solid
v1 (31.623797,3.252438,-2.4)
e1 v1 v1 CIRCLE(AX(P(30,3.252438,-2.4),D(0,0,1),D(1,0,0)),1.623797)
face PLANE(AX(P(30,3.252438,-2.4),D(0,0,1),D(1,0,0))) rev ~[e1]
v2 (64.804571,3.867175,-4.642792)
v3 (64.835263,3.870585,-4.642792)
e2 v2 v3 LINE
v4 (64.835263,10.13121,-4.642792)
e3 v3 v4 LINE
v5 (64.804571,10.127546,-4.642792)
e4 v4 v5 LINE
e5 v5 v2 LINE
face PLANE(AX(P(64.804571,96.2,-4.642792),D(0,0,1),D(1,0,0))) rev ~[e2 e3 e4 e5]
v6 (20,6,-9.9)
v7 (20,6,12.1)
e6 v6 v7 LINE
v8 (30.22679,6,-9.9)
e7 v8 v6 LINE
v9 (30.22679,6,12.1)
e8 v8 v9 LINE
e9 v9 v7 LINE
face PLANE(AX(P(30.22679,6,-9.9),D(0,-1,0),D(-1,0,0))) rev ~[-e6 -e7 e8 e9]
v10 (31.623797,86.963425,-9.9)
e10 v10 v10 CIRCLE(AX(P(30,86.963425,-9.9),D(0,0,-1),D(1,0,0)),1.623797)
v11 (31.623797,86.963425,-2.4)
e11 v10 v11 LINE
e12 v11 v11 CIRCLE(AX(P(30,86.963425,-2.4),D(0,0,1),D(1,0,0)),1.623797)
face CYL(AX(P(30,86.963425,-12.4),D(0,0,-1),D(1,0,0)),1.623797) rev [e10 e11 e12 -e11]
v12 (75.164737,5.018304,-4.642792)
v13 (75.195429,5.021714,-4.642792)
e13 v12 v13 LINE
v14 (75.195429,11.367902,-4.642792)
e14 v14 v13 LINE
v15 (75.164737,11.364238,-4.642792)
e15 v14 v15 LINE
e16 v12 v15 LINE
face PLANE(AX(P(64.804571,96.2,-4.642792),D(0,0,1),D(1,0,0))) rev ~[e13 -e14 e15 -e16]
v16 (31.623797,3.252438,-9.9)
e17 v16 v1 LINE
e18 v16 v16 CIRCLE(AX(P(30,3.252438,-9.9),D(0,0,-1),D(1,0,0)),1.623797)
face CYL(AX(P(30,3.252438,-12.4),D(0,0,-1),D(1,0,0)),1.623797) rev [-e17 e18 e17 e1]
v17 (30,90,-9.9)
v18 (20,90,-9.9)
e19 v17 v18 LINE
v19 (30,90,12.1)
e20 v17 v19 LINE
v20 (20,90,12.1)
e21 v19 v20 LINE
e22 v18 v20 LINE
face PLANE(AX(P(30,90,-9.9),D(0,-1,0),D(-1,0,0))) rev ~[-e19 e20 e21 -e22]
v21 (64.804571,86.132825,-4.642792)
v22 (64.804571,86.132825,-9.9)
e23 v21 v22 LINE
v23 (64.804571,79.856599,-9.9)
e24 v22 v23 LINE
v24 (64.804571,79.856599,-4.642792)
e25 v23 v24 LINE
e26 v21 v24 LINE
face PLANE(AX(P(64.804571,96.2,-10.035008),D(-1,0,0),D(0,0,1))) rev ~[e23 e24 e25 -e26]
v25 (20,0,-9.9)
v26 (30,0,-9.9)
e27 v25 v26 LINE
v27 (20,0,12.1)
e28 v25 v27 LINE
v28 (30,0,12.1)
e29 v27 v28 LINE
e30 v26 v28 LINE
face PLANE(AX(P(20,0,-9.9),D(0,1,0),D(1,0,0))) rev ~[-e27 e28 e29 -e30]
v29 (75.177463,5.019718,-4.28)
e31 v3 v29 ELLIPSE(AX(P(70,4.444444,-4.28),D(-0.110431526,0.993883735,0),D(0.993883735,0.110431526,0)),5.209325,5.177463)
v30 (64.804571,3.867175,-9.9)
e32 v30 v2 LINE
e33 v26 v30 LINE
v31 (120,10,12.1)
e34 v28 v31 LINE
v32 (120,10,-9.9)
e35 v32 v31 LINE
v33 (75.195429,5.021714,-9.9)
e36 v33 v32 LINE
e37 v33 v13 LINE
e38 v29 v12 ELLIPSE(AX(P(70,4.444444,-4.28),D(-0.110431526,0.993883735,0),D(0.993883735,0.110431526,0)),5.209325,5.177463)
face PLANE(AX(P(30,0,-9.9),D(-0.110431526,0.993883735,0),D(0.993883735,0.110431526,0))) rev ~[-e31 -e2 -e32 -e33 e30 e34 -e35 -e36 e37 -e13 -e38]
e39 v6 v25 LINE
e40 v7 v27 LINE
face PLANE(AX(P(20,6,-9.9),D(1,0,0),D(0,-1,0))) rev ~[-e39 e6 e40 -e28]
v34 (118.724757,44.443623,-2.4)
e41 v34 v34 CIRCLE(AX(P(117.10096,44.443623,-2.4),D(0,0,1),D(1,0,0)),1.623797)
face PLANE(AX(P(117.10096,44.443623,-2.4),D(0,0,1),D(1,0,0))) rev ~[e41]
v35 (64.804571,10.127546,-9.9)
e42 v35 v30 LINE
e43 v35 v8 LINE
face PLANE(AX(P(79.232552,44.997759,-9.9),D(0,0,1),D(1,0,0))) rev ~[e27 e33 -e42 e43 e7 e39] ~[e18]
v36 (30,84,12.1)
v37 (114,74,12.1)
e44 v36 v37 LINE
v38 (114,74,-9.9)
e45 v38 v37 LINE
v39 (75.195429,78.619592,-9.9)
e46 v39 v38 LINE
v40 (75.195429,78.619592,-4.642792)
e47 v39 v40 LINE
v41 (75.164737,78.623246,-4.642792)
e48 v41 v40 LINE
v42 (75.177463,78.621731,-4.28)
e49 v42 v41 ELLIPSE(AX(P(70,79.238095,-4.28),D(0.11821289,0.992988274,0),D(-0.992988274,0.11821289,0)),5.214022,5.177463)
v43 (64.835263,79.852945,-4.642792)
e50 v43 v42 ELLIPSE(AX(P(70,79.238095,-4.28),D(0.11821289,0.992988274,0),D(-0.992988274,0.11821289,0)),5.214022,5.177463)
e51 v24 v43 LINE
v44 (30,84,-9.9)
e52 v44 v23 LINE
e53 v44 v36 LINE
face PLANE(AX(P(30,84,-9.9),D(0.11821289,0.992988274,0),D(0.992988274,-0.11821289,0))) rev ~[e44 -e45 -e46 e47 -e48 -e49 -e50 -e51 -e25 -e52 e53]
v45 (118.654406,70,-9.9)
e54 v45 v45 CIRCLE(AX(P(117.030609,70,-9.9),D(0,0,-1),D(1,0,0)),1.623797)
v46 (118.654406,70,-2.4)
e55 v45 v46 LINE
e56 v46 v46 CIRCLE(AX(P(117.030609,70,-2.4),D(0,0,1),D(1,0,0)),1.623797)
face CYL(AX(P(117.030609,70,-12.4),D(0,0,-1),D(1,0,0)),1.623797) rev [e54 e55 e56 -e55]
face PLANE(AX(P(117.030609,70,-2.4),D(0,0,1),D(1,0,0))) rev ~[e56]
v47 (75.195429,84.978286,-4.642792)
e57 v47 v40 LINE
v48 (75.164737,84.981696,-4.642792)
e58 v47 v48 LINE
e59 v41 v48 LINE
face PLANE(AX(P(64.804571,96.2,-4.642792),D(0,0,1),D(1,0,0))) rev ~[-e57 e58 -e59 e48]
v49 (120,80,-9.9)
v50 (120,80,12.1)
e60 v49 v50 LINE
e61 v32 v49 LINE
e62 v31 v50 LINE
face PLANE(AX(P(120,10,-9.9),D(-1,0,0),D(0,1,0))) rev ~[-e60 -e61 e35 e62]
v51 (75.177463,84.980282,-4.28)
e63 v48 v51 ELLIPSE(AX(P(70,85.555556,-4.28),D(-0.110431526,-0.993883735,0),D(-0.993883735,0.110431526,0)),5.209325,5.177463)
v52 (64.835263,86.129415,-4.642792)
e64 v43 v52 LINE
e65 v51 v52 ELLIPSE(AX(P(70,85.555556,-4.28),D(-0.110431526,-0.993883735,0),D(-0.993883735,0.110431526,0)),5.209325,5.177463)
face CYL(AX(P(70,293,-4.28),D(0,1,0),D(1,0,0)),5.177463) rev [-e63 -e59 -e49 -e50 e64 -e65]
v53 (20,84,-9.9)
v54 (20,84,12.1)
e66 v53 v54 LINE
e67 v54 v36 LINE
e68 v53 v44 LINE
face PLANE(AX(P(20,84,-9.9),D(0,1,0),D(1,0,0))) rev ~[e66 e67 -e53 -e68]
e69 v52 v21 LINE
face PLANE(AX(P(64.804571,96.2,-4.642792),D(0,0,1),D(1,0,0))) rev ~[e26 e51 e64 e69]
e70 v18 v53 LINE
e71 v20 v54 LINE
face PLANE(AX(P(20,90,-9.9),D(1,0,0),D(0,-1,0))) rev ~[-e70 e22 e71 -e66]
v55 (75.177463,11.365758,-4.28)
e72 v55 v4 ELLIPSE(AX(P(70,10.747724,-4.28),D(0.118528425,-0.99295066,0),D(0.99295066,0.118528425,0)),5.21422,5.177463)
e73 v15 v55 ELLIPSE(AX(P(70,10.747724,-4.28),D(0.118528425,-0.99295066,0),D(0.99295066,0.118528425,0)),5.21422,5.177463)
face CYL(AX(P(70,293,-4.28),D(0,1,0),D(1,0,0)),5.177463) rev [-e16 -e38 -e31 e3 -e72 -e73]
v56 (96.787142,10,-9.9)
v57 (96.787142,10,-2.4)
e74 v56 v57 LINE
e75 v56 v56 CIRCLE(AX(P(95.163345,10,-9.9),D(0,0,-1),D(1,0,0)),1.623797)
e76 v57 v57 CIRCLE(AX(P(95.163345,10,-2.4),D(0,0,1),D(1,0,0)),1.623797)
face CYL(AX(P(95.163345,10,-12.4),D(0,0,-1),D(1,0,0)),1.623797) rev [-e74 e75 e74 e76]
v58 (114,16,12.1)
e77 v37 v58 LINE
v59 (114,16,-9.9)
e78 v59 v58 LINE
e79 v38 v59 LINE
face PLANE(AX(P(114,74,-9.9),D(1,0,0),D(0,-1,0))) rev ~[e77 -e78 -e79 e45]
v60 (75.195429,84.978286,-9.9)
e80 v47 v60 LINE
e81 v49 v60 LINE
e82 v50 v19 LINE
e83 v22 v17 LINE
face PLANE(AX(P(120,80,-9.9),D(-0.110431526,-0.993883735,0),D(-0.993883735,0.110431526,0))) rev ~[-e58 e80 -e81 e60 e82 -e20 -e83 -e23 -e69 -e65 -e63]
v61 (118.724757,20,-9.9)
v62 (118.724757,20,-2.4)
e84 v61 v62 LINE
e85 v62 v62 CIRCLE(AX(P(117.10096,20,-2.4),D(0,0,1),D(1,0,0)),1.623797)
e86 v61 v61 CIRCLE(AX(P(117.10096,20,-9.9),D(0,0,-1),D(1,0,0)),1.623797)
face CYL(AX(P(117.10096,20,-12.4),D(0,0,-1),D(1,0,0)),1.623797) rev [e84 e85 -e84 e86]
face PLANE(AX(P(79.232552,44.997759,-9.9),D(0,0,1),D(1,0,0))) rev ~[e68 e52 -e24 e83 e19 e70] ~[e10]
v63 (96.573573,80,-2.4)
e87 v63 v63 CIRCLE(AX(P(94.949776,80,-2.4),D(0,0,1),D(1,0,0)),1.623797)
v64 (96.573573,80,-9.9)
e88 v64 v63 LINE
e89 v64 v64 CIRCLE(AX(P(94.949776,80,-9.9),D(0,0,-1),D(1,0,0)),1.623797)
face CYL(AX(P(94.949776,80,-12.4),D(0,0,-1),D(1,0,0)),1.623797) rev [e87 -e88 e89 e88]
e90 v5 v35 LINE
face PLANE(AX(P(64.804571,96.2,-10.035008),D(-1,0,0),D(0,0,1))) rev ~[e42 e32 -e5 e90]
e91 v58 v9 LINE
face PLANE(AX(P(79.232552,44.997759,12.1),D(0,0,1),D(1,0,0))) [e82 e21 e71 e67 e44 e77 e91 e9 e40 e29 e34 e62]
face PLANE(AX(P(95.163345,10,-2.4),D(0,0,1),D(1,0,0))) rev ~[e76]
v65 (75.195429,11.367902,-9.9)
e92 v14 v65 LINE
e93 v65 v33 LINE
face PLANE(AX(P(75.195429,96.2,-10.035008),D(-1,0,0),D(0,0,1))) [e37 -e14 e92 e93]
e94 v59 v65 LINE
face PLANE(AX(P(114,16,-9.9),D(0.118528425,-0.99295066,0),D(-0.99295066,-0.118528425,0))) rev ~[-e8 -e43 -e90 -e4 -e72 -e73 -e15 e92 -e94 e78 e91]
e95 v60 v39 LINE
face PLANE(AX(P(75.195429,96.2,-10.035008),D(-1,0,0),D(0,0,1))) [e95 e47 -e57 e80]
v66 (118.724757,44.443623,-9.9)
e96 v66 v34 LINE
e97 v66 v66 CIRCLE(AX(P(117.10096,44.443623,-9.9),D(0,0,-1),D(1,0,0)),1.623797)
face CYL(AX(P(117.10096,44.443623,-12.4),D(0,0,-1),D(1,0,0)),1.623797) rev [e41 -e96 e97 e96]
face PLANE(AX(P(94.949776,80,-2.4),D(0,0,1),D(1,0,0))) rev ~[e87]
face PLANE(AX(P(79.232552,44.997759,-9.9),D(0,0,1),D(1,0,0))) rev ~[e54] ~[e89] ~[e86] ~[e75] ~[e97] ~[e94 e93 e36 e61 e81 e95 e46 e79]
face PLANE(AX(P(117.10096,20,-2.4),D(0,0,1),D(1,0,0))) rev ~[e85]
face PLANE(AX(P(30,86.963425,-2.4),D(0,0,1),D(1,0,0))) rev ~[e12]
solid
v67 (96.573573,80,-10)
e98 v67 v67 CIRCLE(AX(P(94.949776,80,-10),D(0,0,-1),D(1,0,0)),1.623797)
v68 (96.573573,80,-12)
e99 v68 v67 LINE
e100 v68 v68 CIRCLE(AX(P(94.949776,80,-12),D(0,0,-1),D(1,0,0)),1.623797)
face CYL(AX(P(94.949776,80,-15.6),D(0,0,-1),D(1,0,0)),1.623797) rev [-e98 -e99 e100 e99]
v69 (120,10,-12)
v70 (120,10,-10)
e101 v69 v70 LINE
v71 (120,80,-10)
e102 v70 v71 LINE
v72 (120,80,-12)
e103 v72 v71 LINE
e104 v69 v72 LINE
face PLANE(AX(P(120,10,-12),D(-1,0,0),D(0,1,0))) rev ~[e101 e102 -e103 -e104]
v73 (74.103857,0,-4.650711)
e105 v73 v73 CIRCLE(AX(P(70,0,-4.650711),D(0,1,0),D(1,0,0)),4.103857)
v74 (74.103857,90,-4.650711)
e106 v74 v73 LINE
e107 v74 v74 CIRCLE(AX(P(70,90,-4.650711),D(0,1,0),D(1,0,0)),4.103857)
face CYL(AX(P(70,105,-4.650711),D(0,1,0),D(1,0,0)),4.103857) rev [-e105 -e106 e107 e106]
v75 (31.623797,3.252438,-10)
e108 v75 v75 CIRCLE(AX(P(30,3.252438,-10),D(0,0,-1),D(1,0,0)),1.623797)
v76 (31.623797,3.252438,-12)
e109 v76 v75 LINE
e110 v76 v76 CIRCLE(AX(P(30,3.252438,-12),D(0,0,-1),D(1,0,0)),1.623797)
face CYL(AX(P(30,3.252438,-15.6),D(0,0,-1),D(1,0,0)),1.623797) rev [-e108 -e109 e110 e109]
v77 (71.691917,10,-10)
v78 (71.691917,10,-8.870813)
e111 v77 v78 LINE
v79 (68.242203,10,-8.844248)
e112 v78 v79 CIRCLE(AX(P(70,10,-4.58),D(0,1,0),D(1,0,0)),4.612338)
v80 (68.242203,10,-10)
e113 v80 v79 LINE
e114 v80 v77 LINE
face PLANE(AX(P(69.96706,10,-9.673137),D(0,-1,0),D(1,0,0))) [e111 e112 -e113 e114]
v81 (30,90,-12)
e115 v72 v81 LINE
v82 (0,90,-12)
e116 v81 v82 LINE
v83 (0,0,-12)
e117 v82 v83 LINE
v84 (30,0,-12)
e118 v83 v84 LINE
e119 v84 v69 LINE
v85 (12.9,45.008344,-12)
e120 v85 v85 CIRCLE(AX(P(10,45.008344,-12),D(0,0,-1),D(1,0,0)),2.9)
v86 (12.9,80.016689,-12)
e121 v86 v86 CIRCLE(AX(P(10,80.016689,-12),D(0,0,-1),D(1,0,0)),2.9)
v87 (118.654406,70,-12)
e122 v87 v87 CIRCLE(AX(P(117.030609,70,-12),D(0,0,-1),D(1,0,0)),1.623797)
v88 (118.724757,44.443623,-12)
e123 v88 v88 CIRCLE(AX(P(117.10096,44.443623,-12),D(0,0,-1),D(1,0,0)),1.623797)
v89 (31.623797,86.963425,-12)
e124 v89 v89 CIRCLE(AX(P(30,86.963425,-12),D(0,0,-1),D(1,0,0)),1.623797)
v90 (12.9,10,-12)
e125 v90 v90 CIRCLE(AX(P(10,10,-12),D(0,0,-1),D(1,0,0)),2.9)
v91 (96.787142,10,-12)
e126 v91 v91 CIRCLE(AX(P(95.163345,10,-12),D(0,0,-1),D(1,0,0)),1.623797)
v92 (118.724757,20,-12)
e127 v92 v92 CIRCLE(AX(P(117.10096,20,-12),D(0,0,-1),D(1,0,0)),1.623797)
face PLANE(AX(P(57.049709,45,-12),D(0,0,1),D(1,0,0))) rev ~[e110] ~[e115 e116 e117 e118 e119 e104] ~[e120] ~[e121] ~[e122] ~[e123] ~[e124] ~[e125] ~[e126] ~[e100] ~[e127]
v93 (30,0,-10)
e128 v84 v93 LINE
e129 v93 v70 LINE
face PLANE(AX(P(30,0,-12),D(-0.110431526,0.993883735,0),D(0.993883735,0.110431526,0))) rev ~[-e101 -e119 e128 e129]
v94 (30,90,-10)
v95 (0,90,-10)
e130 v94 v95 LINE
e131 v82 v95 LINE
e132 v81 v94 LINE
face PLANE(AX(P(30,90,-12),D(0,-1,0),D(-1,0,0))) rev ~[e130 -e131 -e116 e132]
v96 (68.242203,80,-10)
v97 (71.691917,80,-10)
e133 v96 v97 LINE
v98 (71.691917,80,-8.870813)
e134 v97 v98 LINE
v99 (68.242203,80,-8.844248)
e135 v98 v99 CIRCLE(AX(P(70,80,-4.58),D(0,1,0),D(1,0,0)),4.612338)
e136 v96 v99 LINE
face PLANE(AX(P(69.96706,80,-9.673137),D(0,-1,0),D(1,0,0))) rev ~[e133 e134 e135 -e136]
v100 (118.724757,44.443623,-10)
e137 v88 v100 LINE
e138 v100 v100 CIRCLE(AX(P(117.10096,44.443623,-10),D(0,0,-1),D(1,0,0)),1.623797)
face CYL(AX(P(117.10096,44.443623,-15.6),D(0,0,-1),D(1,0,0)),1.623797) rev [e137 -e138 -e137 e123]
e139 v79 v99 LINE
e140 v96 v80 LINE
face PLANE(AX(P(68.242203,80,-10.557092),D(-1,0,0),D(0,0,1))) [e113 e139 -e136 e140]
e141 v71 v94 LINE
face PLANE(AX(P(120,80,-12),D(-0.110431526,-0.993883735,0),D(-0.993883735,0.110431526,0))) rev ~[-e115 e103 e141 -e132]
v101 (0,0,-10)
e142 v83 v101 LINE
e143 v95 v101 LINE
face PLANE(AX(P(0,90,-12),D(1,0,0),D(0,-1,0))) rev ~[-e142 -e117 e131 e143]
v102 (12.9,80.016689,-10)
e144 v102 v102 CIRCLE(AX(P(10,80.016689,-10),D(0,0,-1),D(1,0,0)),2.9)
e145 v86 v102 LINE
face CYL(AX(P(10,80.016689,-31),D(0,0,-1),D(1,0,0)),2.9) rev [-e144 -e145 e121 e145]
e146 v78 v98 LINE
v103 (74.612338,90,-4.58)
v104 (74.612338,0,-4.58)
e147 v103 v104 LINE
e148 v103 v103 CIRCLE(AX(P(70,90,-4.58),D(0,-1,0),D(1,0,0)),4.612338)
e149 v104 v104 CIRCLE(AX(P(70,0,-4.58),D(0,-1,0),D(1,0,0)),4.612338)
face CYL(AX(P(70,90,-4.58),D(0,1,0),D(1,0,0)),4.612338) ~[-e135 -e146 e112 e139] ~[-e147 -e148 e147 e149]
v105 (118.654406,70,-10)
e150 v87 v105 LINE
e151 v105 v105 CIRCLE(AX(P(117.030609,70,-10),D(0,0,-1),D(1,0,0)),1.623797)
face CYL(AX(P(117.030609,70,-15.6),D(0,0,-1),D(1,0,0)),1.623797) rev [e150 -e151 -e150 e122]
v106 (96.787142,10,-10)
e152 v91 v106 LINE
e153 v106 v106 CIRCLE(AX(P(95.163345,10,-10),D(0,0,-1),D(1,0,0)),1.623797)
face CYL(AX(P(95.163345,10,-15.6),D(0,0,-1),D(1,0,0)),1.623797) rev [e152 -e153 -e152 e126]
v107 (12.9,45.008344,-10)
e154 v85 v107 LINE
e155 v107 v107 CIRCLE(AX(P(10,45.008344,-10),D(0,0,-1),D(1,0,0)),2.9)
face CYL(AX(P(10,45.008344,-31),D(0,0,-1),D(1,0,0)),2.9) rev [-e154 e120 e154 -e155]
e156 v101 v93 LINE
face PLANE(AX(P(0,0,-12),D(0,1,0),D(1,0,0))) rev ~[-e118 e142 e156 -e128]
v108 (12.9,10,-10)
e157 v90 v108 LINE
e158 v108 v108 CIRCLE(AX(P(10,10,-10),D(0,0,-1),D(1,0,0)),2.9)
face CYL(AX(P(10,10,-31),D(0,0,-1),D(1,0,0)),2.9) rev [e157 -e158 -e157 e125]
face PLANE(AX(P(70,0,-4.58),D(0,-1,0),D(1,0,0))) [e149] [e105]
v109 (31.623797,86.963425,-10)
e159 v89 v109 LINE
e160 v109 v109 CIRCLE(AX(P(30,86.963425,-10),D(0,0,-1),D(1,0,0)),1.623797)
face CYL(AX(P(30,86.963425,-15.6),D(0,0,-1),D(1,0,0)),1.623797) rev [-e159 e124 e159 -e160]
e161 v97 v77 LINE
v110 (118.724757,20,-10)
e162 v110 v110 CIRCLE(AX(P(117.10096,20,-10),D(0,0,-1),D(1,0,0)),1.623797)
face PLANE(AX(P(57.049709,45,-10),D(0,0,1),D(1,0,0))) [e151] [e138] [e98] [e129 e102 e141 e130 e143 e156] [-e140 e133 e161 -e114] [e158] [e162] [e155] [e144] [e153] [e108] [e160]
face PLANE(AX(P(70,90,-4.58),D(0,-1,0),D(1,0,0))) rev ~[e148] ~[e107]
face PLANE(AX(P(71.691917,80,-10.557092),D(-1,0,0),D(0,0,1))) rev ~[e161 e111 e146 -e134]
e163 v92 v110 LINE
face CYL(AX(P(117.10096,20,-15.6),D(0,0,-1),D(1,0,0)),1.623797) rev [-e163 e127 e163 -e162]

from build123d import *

# Parameters (mm, degrees)
SKETCH013_R      = 4.103857
EXTRUDE012_DEPTH = 120
SKETCH012_R      = 4.612338
EXTRUDE011_DEPTH = 90
SKETCH031_W      = 3.449714
SKETCH031_H      = 1.767909
EXTRUDE033_DEPTH = 70
SKETCH_R         = 1.623797
EXTRUDE_DEPTH    = 10
SKETCH003_R      = 2.9
EXTRUDE005_DEPTH = 50
EXTRUDE002_DEPTH = 2
SKETCH044_W      = 10.390858
SKETCH044_H      = 5.392216
EXTRUDE047_DEPTH = 100
SKETCH043_R      = 1.623797
EXTRUDE046_DEPTH = 10
SKETCH042_R      = 5.177463
EXTRUDE045_DEPTH = 800
EXTRUDE044_DEPTH = 22


with BuildPart() as extrude012:
    # Sketch013 → Extrude012 (new body)
    with BuildSketch(Plane.XZ):
        with Locations((70, 3.549289)):
            Circle(SKETCH013_R)
    extrude(amount=EXTRUDE012_DEPTH)


with BuildPart() as extrude012_1:
    # Extrude012 placement: moved
    add(extrude012.part.moved(Location((0, 105, 0))))


with BuildPart() as tubo:
    # Sketch012 → Extrude011 (new body)
    with BuildSketch(Plane.XZ):
        with Locations((70, 3.62)):
            Circle(SKETCH012_R)
    extrude(amount=EXTRUDE011_DEPTH)


with BuildPart() as tubo_1:
    # Extrude011 placement: moved
    add(tubo.part.moved(Location((0, 90, 0))))

    # Cut004: cut Extrude012
    add(extrude012_1.part, mode=Mode.SUBTRACT)


with BuildPart() as fusion015:
    # Sketch031 → Extrude033 (new body)
    with BuildSketch(Plane.XZ):
        with Locations((69.96706, -1.473137)):
            Rectangle(SKETCH031_W, SKETCH031_H)
    extrude(amount=EXTRUDE033_DEPTH)


with BuildPart() as fusion015_1:
    # Extrude033 placement: moved
    add(fusion015.part.moved(Location((0, 80, 0))))

    # Fusion015: union Tubo
    add(tubo_1.part)


with BuildPart() as fusion015_2:
    # Fusion015 placement: moved
    add(fusion015_1.part.moved(Location((0, 0, -8.2))))


with BuildPart() as extrude_body:
    # Sketch (on Face4 of Cut014) → Extrude (new body)
    with BuildSketch(Plane.XY.offset(12.1)):
        with Locations((30, 86.963425)):
            Circle(SKETCH_R)
        with Locations((30, 3.252438)):
            Circle(SKETCH_R)
        with Locations((95.163345, 10)):
            Circle(SKETCH_R)
        with Locations((94.949776, 80)):
            Circle(SKETCH_R)
        with Locations((117.10096, 20)):
            Circle(SKETCH_R)
        with Locations((117.030609, 70)):
            Circle(SKETCH_R)
        with Locations((117.10096, 44.443623)):
            Circle(SKETCH_R)
    extrude(amount=EXTRUDE_DEPTH)


with BuildPart() as extrude_body_1:
    # Extrude placement: moved
    add(extrude_body.part.moved(Location((0, 0, -27.7))))


with BuildPart() as tornillos002:
    # Sketch003 (on Face8 of Extrude002) → Extrude005 (new body)
    with BuildSketch(Plane.XY.offset(2)):
        with Locations((10, 80.016689)):
            Circle(SKETCH003_R)
        with Locations((10, 45.008344)):
            Circle(SKETCH003_R)
        with Locations((10, 10)):
            Circle(SKETCH003_R)
    extrude(amount=EXTRUDE005_DEPTH)


with BuildPart() as tornillos002_1:
    # Extrude005 placement: moved
    add(tornillos002.part.moved(Location((0, 0, -21))))


with BuildPart() as base:
    # Sketch002 → Extrude002 (new body)
    with BuildSketch(Plane.XY):
        Polygon((0, 0), (30, 0), (120, 10), (120, 80), (30, 90), (0, 90), align=None)
    extrude(amount=EXTRUDE002_DEPTH)

    # Cut002: cut Tornillos002
    add(tornillos002_1.part, mode=Mode.SUBTRACT)


with BuildPart() as base_1:
    # Cut002 placement: moved
    add(base.part.moved(Location((0, 0, -12))))

    # Cut: cut Extrude body
    add(extrude_body_1.part, mode=Mode.SUBTRACT)

    # Fusion: union Fusion015
    add(fusion015_2.part)


with BuildPart() as extrude047:
    # Sketch044 → Extrude047 (new body)
    with BuildSketch(Plane.XZ):
        with Locations((70, -7.3389)):
            Rectangle(SKETCH044_W, SKETCH044_H)
    extrude(amount=EXTRUDE047_DEPTH)


with BuildPart() as extrude047_1:
    # Extrude047 placement: moved
    add(extrude047.part.moved(Location((0, 96.2, 0))))


with BuildPart() as extrude046:
    # Sketch043 → Extrude046 (new body)
    with BuildSketch(Plane.XY.offset(12.1)):
        with Locations((30, 86.963425)):
            Circle(SKETCH043_R)
        with Locations((30, 3.252438)):
            Circle(SKETCH043_R)
        with Locations((95.163345, 10)):
            Circle(SKETCH043_R)
        with Locations((94.949776, 80)):
            Circle(SKETCH043_R)
        with Locations((117.10096, 20)):
            Circle(SKETCH043_R)
        with Locations((117.030609, 70)):
            Circle(SKETCH043_R)
        with Locations((117.10096, 44.443623)):
            Circle(SKETCH043_R)
    extrude(amount=EXTRUDE046_DEPTH)


with BuildPart() as extrude046_1:
    # Extrude046 placement: moved
    add(extrude046.part.moved(Location((0, 0, -24.5))))


with BuildPart() as extrude045:
    # Sketch042 → Extrude045 (new body)
    with BuildSketch(Plane.XZ):
        with Locations((70, 3.62)):
            Circle(SKETCH042_R)
    extrude(amount=EXTRUDE045_DEPTH)


with BuildPart() as extrude045_1:
    # Extrude045 placement: moved
    add(extrude045.part.moved(Location((0, 293, 0))))


with BuildPart() as carvasa:
    # Sketch041 → Extrude044 (new body)
    with BuildSketch(Plane.XY):
        Polygon((30, 0), (120, 10), (120, 80), (30, 90), (20, 90), (20, 84), (30, 84), (114, 74), (114, 16), (30.22679, 6), (20, 6), (20, 0), align=None)
    extrude(amount=EXTRUDE044_DEPTH)


with BuildPart() as carvasa_1:
    # Extrude044 placement: moved
    add(carvasa.part.moved(Location((0, 0, -2))))

    # Cut014: cut Extrude045
    add(extrude045_1.part, mode=Mode.SUBTRACT)


with BuildPart() as carvasa_2:
    # Cut014 placement: moved
    add(carvasa_1.part.moved(Location((0, 0, -7.9))))

    # Cut015: cut Extrude046
    add(extrude046_1.part, mode=Mode.SUBTRACT)

    # Cut016: cut Extrude047
    add(extrude047_1.part, mode=Mode.SUBTRACT)


solid = Compound([base_1.part, carvasa_2.part])
